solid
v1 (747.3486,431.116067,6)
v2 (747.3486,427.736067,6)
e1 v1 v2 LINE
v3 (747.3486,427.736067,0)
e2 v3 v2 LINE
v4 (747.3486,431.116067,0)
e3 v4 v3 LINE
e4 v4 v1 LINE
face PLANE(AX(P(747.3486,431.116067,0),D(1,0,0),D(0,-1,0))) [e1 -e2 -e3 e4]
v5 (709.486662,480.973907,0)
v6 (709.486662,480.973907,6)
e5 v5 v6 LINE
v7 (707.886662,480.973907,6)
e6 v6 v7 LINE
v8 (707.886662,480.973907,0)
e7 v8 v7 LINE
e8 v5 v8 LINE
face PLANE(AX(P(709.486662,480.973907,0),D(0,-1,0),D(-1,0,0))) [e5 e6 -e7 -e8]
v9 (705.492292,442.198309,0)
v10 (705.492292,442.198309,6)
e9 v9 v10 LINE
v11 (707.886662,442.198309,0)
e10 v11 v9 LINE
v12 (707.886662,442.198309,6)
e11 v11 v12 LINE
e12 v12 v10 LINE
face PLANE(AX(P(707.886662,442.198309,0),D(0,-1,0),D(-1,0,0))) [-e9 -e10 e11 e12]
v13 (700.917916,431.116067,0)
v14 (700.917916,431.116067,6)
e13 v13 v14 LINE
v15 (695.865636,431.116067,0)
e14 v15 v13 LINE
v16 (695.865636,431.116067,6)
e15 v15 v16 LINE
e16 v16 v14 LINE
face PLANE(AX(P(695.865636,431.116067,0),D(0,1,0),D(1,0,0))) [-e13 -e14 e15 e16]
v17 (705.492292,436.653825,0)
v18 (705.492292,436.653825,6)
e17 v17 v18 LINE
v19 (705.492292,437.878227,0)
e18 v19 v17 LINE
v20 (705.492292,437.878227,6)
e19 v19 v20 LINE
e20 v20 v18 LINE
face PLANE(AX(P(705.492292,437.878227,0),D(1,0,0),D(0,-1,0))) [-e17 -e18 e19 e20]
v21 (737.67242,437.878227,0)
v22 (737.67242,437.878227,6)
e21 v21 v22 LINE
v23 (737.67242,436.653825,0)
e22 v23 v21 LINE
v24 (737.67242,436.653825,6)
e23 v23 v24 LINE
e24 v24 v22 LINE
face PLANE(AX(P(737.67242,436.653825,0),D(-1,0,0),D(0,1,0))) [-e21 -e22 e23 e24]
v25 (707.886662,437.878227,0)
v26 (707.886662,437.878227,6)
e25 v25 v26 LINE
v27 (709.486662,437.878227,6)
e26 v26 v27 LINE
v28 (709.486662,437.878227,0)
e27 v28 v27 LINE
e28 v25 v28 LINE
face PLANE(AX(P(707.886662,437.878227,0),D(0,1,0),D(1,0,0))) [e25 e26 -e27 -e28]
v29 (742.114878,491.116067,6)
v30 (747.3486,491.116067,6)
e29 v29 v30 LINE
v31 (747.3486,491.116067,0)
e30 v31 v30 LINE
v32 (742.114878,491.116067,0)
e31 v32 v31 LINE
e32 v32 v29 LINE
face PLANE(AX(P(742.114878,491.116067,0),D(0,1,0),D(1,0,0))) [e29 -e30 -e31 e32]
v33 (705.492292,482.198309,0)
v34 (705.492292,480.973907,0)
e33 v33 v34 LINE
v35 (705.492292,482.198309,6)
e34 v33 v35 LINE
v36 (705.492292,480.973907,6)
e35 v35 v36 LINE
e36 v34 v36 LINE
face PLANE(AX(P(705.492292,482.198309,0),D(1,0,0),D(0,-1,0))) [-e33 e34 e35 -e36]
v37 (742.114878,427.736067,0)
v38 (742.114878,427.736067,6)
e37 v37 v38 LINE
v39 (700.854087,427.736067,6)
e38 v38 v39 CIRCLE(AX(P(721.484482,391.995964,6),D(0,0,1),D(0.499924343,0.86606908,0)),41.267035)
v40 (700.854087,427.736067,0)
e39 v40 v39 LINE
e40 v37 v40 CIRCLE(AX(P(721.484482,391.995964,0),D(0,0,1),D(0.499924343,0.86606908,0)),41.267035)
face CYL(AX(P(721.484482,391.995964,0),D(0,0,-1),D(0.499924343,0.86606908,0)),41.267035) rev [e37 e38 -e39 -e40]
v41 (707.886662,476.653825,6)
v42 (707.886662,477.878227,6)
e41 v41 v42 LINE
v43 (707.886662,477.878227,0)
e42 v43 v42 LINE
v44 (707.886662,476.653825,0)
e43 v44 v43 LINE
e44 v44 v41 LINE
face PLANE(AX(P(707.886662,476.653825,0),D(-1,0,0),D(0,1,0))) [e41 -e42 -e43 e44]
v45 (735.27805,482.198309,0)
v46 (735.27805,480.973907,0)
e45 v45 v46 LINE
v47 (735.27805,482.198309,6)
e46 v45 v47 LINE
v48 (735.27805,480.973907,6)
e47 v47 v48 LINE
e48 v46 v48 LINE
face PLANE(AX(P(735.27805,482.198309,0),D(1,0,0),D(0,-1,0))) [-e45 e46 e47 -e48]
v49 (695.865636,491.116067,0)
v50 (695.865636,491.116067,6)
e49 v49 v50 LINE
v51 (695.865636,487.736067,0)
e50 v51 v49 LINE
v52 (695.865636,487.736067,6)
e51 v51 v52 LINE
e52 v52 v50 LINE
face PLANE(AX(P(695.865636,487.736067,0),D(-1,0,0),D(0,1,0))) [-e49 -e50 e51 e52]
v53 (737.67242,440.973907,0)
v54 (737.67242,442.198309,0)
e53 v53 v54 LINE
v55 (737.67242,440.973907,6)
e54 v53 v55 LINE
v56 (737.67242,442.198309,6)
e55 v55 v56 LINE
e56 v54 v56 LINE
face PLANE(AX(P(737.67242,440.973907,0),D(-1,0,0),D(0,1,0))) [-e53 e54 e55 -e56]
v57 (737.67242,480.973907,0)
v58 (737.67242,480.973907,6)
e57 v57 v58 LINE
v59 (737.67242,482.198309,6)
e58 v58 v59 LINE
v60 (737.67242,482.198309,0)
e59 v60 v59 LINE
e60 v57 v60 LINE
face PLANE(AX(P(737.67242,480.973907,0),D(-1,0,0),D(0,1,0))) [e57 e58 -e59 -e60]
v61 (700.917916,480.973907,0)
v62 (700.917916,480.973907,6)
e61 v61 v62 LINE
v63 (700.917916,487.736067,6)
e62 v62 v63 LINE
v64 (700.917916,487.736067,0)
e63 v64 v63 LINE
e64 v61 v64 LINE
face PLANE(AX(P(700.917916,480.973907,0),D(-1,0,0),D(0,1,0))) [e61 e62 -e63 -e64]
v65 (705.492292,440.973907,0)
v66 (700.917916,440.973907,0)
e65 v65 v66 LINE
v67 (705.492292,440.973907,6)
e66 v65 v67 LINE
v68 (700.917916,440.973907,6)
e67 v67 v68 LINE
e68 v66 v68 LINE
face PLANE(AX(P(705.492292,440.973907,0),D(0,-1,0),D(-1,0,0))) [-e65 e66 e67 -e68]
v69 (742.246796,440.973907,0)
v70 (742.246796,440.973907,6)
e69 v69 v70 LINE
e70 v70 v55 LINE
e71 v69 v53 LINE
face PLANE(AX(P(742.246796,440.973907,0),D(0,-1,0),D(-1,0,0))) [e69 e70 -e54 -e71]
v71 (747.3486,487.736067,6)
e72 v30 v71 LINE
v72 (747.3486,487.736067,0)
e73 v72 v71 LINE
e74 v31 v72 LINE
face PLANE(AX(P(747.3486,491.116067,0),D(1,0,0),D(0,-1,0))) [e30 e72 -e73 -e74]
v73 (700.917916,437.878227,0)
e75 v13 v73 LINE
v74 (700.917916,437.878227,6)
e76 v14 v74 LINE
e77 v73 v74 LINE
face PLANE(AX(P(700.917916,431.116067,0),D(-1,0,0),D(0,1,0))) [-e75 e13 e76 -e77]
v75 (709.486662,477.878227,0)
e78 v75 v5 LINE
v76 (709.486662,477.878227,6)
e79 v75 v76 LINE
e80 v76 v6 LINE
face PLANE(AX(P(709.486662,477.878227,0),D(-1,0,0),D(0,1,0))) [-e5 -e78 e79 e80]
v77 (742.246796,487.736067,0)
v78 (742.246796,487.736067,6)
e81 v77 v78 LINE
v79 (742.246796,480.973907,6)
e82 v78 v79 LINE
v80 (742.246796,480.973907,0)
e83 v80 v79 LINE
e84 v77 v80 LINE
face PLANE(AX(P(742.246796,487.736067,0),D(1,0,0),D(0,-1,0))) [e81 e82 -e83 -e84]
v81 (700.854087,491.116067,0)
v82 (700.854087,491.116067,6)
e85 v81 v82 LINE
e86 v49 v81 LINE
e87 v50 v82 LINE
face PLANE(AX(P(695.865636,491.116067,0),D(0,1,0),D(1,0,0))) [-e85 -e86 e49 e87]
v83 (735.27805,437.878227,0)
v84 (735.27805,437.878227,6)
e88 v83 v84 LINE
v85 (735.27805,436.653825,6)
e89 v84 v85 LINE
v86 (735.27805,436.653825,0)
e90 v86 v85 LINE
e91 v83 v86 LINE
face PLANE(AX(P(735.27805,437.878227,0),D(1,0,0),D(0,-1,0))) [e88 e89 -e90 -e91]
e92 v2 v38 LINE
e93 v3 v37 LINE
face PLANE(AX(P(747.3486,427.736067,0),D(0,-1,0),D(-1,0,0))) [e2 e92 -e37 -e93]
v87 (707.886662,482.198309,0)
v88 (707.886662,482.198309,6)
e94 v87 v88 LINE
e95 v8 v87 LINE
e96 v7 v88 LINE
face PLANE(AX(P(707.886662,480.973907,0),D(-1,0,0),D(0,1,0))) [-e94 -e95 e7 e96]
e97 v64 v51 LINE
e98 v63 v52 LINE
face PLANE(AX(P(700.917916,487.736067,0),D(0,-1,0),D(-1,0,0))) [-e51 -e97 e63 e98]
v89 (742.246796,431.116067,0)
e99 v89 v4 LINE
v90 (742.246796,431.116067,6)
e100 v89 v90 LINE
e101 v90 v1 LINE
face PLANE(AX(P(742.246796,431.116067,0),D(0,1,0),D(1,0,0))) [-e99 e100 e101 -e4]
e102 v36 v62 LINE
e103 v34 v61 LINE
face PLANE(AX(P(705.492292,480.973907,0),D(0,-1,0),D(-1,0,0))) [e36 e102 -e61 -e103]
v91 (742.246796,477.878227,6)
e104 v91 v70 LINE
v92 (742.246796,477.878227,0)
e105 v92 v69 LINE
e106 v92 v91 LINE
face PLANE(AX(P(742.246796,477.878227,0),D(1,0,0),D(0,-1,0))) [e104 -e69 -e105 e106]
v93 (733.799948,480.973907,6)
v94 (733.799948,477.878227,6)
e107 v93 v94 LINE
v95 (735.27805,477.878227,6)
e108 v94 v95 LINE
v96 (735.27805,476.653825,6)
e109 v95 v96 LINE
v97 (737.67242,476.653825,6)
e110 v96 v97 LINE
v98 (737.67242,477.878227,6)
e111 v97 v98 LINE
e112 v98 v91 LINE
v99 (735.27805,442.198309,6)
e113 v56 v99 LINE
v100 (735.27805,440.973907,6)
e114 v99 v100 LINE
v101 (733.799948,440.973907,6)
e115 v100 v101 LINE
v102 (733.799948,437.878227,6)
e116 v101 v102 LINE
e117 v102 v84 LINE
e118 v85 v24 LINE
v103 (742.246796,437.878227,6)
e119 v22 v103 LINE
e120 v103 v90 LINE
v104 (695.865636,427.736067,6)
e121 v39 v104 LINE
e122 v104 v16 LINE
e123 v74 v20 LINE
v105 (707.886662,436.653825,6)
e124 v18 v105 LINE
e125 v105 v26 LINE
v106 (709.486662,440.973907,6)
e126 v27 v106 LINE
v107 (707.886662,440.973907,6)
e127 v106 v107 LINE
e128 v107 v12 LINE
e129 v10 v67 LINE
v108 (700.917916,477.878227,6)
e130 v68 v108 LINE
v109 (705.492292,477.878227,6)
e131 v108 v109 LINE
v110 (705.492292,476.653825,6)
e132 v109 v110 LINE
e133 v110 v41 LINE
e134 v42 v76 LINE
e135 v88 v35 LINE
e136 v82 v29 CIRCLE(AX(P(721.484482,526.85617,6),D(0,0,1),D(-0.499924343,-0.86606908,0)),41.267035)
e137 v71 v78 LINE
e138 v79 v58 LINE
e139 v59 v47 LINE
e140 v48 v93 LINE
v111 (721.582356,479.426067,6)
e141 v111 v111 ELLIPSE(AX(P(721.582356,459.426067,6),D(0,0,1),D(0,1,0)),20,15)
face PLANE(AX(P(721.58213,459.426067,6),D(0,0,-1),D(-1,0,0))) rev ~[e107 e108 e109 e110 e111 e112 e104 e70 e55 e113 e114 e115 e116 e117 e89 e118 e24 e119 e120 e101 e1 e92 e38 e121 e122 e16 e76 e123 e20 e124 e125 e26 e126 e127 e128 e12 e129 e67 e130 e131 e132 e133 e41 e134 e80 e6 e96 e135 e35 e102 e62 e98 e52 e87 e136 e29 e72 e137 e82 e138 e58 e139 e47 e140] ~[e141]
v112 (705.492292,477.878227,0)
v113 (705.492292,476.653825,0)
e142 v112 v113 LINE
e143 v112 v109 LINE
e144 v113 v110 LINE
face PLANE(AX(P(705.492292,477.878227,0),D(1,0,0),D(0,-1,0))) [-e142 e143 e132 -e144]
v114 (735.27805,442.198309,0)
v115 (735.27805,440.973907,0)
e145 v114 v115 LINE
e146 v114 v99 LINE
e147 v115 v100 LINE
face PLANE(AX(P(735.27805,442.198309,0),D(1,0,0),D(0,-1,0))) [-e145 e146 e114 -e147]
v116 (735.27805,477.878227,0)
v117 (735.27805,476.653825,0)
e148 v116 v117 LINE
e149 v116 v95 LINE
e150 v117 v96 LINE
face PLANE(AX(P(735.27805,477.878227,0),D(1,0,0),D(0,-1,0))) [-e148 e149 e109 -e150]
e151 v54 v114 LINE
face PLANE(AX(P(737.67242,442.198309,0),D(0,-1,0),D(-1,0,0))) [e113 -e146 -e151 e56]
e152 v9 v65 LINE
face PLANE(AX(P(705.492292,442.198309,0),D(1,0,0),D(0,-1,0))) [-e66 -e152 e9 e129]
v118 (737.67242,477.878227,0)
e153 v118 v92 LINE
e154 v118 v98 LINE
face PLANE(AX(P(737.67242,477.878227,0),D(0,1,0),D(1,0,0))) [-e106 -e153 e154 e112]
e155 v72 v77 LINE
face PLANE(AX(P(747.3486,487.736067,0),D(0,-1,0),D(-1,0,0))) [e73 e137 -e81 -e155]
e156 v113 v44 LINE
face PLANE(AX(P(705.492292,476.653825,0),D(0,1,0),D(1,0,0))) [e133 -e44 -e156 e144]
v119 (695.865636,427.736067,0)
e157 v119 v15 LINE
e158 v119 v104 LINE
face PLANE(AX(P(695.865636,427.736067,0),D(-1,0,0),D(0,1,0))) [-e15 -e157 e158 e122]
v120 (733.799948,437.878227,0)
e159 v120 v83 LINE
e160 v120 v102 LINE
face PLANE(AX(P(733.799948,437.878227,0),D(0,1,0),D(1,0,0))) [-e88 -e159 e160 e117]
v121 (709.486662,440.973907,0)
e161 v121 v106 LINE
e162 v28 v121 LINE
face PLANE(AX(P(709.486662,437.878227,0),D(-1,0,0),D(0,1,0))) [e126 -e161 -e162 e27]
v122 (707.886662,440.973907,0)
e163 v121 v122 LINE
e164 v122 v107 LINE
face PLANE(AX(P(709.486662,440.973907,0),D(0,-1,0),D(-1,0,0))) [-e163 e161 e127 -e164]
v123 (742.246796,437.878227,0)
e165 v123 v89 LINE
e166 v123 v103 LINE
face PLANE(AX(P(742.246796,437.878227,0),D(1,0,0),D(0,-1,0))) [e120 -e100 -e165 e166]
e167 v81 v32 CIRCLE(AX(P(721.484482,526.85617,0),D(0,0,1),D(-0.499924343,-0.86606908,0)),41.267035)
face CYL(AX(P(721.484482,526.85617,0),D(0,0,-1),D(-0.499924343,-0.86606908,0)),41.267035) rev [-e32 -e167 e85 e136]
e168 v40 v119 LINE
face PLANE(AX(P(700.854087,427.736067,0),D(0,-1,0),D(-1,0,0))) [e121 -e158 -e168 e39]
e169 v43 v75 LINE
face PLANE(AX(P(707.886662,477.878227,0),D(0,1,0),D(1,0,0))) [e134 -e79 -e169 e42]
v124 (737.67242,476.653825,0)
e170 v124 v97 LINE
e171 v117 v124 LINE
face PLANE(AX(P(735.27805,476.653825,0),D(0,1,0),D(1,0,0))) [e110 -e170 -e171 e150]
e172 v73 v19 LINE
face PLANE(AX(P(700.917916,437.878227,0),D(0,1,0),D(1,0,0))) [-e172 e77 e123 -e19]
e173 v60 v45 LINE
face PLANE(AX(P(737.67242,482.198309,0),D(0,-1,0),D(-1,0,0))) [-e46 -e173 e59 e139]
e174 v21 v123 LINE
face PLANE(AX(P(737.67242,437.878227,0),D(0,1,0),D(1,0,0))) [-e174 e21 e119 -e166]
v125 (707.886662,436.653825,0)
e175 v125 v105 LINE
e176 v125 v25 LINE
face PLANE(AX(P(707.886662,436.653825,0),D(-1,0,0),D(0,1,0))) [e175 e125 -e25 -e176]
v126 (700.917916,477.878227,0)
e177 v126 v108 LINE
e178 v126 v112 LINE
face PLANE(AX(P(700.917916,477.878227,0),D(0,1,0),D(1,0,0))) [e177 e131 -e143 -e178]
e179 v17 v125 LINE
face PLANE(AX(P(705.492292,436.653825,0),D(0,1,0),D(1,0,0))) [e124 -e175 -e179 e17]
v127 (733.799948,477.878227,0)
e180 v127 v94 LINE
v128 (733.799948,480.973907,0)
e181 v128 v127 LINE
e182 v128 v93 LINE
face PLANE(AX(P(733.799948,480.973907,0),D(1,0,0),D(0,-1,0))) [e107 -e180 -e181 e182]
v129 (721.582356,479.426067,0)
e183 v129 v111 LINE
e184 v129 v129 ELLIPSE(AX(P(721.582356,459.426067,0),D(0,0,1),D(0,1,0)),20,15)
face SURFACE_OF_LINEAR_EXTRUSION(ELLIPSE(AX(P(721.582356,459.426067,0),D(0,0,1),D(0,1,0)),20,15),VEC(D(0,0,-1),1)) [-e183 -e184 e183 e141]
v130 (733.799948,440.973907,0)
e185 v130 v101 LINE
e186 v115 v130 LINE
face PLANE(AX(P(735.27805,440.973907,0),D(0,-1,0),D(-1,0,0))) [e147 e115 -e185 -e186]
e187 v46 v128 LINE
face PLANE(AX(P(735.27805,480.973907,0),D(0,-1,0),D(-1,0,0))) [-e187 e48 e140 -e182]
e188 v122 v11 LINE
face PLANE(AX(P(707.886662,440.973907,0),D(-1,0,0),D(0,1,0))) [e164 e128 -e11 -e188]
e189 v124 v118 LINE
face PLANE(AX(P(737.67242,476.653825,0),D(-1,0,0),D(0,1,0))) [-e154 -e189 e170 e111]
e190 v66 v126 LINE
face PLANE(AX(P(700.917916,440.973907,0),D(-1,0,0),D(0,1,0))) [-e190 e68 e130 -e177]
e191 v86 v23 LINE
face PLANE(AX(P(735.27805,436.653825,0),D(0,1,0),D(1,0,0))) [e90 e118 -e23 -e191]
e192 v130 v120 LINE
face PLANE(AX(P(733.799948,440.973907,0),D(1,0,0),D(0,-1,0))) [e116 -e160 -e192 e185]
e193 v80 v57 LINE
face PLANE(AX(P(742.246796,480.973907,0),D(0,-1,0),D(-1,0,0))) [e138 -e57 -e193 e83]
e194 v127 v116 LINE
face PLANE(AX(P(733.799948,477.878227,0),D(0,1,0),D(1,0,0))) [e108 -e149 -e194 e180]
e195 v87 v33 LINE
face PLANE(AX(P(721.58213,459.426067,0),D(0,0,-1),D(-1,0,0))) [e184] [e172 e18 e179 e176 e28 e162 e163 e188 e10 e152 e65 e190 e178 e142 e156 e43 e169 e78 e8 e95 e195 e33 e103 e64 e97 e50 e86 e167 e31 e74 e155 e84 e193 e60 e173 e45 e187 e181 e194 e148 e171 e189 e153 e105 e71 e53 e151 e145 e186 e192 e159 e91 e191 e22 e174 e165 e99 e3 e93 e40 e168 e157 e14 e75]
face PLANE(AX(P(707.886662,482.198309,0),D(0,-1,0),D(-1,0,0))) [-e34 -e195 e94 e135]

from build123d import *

# Parameters (mm, degrees)
SKETCH1_RX          = 20
SKETCH1_RY          = 15
BOSS_EXTRUDE1_DEPTH = 6


with BuildPart() as part:
    # Sketch1 → Boss-Extrude1 (new body)
    with BuildSketch(Plane.XY):
        with BuildLine():
            Line((735.278050496, 436.653824982), (737.672420097, 436.653824982))
            Line((737.672420097, 436.653824982), (737.672420097, 437.878226994))
            Line((737.672420097, 437.878226994), (742.24679609, 437.878226994))
            Line((742.24679609, 437.878226994), (742.24679609, 431.116067))
            Line((742.24679609, 431.116067), (747.348599543, 431.116067))
            Line((747.348599543, 431.116067), (747.348599543, 427.736067))
            Line((747.348599543, 427.736067), (742.114877809, 427.736067))
            ThreePointArc((742.114877809, 427.736067), (721.48448246, 433.262998961), (700.85408711, 427.736067))
            Line((700.85408711, 427.736067), (695.865635692, 427.736067))
            Line((695.865635692, 427.736067), (695.865635692, 431.116067))
            Line((695.865635692, 431.116067), (700.917916144, 431.116067))
            Line((700.917916144, 431.116067), (700.917916144, 437.878226994))
            Line((700.917916144, 437.878226994), (705.492292137, 437.878226994))
            Line((705.492292137, 437.878226994), (705.492292137, 436.653824982))
            Line((705.492292137, 436.653824982), (707.886661739, 436.653824982))
            Line((707.886661739, 436.653824982), (707.886661739, 437.878226994))
            Line((707.886661739, 437.878226994), (709.486661739, 437.878226994))
            Line((709.486661739, 437.878226994), (709.486661739, 440.973907006))
            Line((709.486661739, 440.973907006), (707.886661739, 440.973907006))
            Line((707.886661739, 440.973907006), (707.886661739, 442.198309018))
            Line((707.886661739, 442.198309018), (705.492292137, 442.198309018))
            Line((705.492292137, 442.198309018), (705.492292137, 440.973907006))
            Line((705.492292137, 440.973907006), (700.917916144, 440.973907006))
            Line((700.917916144, 440.973907006), (700.917916144, 459.426067))
            Line((700.917916144, 459.426067), (700.917916144, 477.878226994))
            Line((700.917916144, 477.878226994), (705.492292137, 477.878226994))
            Line((705.492292137, 477.878226994), (705.492292137, 476.653824982))
            Line((705.492292137, 476.653824982), (707.886661739, 476.653824982))
            Line((707.886661739, 476.653824982), (707.886661739, 477.878226994))
            Line((707.886661739, 477.878226994), (709.486661739, 477.878226994))
            Line((709.486661739, 477.878226994), (709.486661739, 480.973907006))
            Line((709.486661739, 480.973907006), (707.886661739, 480.973907006))
            Line((707.886661739, 480.973907006), (707.886661739, 482.198309018))
            Line((707.886661739, 482.198309018), (705.492292137, 482.198309018))
            Line((705.492292137, 482.198309018), (705.492292137, 480.973907006))
            Line((705.492292137, 480.973907006), (700.917916144, 480.973907006))
            Line((700.917916144, 480.973907006), (700.917916144, 487.736067))
            Line((700.917916144, 487.736067), (695.865635692, 487.736067))
            Line((695.865635692, 487.736067), (695.865635692, 491.116067))
            Line((695.865635692, 491.116067), (700.85408711, 491.116067))
            ThreePointArc((700.85408711, 491.116067), (721.48448246, 485.589135038), (742.114877809, 491.116067))
            Line((742.114877809, 491.116067), (747.348599543, 491.116067))
            Line((747.348599543, 491.116067), (747.348599543, 487.736067))
            Line((747.348599543, 487.736067), (742.24679609, 487.736067))
            Line((742.24679609, 487.736067), (742.24679609, 480.973907006))
            Line((742.24679609, 480.973907006), (737.672420097, 480.973907006))
            Line((737.672420097, 480.973907006), (737.672420097, 482.198309018))
            Line((737.672420097, 482.198309018), (735.278050496, 482.198309018))
            Line((735.278050496, 482.198309018), (735.278050496, 480.973907006))
            Line((735.278050496, 480.973907006), (733.799948182, 480.973907006))
            Line((733.799948182, 480.973907006), (733.799948182, 477.878226994))
            Line((733.799948182, 477.878226994), (735.278050496, 477.878226994))
            Line((735.278050496, 477.878226994), (735.278050496, 476.653824982))
            Line((735.278050496, 476.653824982), (737.672420097, 476.653824982))
            Line((737.672420097, 476.653824982), (737.672420097, 477.878226994))
            Line((737.672420097, 477.878226994), (742.24679609, 477.878226994))
            Line((742.24679609, 477.878226994), (742.24679609, 459.426067))
            Line((742.24679609, 459.426067), (742.24679609, 440.973907006))
            Line((742.24679609, 440.973907006), (737.672420097, 440.973907006))
            Line((737.672420097, 440.973907006), (737.672420097, 442.198309018))
            Line((737.672420097, 442.198309018), (735.278050496, 442.198309018))
            Line((735.278050496, 442.198309018), (735.278050496, 440.973907006))
            Line((735.278050496, 440.973907006), (733.799948182, 440.973907006))
            Line((733.799948182, 440.973907006), (733.799948182, 437.878226994))
            Line((733.799948182, 437.878226994), (735.278050496, 437.878226994))
            Line((735.278050496, 437.878226994), (735.278050496, 436.653824982))
        make_face()
        with Locations(Location((721.582356117, 459.426067), (0, 0, 90))):
            Ellipse(SKETCH1_RX, SKETCH1_RY, mode=Mode.SUBTRACT)
    extrude(amount=BOSS_EXTRUDE1_DEPTH)


solid = part.part
